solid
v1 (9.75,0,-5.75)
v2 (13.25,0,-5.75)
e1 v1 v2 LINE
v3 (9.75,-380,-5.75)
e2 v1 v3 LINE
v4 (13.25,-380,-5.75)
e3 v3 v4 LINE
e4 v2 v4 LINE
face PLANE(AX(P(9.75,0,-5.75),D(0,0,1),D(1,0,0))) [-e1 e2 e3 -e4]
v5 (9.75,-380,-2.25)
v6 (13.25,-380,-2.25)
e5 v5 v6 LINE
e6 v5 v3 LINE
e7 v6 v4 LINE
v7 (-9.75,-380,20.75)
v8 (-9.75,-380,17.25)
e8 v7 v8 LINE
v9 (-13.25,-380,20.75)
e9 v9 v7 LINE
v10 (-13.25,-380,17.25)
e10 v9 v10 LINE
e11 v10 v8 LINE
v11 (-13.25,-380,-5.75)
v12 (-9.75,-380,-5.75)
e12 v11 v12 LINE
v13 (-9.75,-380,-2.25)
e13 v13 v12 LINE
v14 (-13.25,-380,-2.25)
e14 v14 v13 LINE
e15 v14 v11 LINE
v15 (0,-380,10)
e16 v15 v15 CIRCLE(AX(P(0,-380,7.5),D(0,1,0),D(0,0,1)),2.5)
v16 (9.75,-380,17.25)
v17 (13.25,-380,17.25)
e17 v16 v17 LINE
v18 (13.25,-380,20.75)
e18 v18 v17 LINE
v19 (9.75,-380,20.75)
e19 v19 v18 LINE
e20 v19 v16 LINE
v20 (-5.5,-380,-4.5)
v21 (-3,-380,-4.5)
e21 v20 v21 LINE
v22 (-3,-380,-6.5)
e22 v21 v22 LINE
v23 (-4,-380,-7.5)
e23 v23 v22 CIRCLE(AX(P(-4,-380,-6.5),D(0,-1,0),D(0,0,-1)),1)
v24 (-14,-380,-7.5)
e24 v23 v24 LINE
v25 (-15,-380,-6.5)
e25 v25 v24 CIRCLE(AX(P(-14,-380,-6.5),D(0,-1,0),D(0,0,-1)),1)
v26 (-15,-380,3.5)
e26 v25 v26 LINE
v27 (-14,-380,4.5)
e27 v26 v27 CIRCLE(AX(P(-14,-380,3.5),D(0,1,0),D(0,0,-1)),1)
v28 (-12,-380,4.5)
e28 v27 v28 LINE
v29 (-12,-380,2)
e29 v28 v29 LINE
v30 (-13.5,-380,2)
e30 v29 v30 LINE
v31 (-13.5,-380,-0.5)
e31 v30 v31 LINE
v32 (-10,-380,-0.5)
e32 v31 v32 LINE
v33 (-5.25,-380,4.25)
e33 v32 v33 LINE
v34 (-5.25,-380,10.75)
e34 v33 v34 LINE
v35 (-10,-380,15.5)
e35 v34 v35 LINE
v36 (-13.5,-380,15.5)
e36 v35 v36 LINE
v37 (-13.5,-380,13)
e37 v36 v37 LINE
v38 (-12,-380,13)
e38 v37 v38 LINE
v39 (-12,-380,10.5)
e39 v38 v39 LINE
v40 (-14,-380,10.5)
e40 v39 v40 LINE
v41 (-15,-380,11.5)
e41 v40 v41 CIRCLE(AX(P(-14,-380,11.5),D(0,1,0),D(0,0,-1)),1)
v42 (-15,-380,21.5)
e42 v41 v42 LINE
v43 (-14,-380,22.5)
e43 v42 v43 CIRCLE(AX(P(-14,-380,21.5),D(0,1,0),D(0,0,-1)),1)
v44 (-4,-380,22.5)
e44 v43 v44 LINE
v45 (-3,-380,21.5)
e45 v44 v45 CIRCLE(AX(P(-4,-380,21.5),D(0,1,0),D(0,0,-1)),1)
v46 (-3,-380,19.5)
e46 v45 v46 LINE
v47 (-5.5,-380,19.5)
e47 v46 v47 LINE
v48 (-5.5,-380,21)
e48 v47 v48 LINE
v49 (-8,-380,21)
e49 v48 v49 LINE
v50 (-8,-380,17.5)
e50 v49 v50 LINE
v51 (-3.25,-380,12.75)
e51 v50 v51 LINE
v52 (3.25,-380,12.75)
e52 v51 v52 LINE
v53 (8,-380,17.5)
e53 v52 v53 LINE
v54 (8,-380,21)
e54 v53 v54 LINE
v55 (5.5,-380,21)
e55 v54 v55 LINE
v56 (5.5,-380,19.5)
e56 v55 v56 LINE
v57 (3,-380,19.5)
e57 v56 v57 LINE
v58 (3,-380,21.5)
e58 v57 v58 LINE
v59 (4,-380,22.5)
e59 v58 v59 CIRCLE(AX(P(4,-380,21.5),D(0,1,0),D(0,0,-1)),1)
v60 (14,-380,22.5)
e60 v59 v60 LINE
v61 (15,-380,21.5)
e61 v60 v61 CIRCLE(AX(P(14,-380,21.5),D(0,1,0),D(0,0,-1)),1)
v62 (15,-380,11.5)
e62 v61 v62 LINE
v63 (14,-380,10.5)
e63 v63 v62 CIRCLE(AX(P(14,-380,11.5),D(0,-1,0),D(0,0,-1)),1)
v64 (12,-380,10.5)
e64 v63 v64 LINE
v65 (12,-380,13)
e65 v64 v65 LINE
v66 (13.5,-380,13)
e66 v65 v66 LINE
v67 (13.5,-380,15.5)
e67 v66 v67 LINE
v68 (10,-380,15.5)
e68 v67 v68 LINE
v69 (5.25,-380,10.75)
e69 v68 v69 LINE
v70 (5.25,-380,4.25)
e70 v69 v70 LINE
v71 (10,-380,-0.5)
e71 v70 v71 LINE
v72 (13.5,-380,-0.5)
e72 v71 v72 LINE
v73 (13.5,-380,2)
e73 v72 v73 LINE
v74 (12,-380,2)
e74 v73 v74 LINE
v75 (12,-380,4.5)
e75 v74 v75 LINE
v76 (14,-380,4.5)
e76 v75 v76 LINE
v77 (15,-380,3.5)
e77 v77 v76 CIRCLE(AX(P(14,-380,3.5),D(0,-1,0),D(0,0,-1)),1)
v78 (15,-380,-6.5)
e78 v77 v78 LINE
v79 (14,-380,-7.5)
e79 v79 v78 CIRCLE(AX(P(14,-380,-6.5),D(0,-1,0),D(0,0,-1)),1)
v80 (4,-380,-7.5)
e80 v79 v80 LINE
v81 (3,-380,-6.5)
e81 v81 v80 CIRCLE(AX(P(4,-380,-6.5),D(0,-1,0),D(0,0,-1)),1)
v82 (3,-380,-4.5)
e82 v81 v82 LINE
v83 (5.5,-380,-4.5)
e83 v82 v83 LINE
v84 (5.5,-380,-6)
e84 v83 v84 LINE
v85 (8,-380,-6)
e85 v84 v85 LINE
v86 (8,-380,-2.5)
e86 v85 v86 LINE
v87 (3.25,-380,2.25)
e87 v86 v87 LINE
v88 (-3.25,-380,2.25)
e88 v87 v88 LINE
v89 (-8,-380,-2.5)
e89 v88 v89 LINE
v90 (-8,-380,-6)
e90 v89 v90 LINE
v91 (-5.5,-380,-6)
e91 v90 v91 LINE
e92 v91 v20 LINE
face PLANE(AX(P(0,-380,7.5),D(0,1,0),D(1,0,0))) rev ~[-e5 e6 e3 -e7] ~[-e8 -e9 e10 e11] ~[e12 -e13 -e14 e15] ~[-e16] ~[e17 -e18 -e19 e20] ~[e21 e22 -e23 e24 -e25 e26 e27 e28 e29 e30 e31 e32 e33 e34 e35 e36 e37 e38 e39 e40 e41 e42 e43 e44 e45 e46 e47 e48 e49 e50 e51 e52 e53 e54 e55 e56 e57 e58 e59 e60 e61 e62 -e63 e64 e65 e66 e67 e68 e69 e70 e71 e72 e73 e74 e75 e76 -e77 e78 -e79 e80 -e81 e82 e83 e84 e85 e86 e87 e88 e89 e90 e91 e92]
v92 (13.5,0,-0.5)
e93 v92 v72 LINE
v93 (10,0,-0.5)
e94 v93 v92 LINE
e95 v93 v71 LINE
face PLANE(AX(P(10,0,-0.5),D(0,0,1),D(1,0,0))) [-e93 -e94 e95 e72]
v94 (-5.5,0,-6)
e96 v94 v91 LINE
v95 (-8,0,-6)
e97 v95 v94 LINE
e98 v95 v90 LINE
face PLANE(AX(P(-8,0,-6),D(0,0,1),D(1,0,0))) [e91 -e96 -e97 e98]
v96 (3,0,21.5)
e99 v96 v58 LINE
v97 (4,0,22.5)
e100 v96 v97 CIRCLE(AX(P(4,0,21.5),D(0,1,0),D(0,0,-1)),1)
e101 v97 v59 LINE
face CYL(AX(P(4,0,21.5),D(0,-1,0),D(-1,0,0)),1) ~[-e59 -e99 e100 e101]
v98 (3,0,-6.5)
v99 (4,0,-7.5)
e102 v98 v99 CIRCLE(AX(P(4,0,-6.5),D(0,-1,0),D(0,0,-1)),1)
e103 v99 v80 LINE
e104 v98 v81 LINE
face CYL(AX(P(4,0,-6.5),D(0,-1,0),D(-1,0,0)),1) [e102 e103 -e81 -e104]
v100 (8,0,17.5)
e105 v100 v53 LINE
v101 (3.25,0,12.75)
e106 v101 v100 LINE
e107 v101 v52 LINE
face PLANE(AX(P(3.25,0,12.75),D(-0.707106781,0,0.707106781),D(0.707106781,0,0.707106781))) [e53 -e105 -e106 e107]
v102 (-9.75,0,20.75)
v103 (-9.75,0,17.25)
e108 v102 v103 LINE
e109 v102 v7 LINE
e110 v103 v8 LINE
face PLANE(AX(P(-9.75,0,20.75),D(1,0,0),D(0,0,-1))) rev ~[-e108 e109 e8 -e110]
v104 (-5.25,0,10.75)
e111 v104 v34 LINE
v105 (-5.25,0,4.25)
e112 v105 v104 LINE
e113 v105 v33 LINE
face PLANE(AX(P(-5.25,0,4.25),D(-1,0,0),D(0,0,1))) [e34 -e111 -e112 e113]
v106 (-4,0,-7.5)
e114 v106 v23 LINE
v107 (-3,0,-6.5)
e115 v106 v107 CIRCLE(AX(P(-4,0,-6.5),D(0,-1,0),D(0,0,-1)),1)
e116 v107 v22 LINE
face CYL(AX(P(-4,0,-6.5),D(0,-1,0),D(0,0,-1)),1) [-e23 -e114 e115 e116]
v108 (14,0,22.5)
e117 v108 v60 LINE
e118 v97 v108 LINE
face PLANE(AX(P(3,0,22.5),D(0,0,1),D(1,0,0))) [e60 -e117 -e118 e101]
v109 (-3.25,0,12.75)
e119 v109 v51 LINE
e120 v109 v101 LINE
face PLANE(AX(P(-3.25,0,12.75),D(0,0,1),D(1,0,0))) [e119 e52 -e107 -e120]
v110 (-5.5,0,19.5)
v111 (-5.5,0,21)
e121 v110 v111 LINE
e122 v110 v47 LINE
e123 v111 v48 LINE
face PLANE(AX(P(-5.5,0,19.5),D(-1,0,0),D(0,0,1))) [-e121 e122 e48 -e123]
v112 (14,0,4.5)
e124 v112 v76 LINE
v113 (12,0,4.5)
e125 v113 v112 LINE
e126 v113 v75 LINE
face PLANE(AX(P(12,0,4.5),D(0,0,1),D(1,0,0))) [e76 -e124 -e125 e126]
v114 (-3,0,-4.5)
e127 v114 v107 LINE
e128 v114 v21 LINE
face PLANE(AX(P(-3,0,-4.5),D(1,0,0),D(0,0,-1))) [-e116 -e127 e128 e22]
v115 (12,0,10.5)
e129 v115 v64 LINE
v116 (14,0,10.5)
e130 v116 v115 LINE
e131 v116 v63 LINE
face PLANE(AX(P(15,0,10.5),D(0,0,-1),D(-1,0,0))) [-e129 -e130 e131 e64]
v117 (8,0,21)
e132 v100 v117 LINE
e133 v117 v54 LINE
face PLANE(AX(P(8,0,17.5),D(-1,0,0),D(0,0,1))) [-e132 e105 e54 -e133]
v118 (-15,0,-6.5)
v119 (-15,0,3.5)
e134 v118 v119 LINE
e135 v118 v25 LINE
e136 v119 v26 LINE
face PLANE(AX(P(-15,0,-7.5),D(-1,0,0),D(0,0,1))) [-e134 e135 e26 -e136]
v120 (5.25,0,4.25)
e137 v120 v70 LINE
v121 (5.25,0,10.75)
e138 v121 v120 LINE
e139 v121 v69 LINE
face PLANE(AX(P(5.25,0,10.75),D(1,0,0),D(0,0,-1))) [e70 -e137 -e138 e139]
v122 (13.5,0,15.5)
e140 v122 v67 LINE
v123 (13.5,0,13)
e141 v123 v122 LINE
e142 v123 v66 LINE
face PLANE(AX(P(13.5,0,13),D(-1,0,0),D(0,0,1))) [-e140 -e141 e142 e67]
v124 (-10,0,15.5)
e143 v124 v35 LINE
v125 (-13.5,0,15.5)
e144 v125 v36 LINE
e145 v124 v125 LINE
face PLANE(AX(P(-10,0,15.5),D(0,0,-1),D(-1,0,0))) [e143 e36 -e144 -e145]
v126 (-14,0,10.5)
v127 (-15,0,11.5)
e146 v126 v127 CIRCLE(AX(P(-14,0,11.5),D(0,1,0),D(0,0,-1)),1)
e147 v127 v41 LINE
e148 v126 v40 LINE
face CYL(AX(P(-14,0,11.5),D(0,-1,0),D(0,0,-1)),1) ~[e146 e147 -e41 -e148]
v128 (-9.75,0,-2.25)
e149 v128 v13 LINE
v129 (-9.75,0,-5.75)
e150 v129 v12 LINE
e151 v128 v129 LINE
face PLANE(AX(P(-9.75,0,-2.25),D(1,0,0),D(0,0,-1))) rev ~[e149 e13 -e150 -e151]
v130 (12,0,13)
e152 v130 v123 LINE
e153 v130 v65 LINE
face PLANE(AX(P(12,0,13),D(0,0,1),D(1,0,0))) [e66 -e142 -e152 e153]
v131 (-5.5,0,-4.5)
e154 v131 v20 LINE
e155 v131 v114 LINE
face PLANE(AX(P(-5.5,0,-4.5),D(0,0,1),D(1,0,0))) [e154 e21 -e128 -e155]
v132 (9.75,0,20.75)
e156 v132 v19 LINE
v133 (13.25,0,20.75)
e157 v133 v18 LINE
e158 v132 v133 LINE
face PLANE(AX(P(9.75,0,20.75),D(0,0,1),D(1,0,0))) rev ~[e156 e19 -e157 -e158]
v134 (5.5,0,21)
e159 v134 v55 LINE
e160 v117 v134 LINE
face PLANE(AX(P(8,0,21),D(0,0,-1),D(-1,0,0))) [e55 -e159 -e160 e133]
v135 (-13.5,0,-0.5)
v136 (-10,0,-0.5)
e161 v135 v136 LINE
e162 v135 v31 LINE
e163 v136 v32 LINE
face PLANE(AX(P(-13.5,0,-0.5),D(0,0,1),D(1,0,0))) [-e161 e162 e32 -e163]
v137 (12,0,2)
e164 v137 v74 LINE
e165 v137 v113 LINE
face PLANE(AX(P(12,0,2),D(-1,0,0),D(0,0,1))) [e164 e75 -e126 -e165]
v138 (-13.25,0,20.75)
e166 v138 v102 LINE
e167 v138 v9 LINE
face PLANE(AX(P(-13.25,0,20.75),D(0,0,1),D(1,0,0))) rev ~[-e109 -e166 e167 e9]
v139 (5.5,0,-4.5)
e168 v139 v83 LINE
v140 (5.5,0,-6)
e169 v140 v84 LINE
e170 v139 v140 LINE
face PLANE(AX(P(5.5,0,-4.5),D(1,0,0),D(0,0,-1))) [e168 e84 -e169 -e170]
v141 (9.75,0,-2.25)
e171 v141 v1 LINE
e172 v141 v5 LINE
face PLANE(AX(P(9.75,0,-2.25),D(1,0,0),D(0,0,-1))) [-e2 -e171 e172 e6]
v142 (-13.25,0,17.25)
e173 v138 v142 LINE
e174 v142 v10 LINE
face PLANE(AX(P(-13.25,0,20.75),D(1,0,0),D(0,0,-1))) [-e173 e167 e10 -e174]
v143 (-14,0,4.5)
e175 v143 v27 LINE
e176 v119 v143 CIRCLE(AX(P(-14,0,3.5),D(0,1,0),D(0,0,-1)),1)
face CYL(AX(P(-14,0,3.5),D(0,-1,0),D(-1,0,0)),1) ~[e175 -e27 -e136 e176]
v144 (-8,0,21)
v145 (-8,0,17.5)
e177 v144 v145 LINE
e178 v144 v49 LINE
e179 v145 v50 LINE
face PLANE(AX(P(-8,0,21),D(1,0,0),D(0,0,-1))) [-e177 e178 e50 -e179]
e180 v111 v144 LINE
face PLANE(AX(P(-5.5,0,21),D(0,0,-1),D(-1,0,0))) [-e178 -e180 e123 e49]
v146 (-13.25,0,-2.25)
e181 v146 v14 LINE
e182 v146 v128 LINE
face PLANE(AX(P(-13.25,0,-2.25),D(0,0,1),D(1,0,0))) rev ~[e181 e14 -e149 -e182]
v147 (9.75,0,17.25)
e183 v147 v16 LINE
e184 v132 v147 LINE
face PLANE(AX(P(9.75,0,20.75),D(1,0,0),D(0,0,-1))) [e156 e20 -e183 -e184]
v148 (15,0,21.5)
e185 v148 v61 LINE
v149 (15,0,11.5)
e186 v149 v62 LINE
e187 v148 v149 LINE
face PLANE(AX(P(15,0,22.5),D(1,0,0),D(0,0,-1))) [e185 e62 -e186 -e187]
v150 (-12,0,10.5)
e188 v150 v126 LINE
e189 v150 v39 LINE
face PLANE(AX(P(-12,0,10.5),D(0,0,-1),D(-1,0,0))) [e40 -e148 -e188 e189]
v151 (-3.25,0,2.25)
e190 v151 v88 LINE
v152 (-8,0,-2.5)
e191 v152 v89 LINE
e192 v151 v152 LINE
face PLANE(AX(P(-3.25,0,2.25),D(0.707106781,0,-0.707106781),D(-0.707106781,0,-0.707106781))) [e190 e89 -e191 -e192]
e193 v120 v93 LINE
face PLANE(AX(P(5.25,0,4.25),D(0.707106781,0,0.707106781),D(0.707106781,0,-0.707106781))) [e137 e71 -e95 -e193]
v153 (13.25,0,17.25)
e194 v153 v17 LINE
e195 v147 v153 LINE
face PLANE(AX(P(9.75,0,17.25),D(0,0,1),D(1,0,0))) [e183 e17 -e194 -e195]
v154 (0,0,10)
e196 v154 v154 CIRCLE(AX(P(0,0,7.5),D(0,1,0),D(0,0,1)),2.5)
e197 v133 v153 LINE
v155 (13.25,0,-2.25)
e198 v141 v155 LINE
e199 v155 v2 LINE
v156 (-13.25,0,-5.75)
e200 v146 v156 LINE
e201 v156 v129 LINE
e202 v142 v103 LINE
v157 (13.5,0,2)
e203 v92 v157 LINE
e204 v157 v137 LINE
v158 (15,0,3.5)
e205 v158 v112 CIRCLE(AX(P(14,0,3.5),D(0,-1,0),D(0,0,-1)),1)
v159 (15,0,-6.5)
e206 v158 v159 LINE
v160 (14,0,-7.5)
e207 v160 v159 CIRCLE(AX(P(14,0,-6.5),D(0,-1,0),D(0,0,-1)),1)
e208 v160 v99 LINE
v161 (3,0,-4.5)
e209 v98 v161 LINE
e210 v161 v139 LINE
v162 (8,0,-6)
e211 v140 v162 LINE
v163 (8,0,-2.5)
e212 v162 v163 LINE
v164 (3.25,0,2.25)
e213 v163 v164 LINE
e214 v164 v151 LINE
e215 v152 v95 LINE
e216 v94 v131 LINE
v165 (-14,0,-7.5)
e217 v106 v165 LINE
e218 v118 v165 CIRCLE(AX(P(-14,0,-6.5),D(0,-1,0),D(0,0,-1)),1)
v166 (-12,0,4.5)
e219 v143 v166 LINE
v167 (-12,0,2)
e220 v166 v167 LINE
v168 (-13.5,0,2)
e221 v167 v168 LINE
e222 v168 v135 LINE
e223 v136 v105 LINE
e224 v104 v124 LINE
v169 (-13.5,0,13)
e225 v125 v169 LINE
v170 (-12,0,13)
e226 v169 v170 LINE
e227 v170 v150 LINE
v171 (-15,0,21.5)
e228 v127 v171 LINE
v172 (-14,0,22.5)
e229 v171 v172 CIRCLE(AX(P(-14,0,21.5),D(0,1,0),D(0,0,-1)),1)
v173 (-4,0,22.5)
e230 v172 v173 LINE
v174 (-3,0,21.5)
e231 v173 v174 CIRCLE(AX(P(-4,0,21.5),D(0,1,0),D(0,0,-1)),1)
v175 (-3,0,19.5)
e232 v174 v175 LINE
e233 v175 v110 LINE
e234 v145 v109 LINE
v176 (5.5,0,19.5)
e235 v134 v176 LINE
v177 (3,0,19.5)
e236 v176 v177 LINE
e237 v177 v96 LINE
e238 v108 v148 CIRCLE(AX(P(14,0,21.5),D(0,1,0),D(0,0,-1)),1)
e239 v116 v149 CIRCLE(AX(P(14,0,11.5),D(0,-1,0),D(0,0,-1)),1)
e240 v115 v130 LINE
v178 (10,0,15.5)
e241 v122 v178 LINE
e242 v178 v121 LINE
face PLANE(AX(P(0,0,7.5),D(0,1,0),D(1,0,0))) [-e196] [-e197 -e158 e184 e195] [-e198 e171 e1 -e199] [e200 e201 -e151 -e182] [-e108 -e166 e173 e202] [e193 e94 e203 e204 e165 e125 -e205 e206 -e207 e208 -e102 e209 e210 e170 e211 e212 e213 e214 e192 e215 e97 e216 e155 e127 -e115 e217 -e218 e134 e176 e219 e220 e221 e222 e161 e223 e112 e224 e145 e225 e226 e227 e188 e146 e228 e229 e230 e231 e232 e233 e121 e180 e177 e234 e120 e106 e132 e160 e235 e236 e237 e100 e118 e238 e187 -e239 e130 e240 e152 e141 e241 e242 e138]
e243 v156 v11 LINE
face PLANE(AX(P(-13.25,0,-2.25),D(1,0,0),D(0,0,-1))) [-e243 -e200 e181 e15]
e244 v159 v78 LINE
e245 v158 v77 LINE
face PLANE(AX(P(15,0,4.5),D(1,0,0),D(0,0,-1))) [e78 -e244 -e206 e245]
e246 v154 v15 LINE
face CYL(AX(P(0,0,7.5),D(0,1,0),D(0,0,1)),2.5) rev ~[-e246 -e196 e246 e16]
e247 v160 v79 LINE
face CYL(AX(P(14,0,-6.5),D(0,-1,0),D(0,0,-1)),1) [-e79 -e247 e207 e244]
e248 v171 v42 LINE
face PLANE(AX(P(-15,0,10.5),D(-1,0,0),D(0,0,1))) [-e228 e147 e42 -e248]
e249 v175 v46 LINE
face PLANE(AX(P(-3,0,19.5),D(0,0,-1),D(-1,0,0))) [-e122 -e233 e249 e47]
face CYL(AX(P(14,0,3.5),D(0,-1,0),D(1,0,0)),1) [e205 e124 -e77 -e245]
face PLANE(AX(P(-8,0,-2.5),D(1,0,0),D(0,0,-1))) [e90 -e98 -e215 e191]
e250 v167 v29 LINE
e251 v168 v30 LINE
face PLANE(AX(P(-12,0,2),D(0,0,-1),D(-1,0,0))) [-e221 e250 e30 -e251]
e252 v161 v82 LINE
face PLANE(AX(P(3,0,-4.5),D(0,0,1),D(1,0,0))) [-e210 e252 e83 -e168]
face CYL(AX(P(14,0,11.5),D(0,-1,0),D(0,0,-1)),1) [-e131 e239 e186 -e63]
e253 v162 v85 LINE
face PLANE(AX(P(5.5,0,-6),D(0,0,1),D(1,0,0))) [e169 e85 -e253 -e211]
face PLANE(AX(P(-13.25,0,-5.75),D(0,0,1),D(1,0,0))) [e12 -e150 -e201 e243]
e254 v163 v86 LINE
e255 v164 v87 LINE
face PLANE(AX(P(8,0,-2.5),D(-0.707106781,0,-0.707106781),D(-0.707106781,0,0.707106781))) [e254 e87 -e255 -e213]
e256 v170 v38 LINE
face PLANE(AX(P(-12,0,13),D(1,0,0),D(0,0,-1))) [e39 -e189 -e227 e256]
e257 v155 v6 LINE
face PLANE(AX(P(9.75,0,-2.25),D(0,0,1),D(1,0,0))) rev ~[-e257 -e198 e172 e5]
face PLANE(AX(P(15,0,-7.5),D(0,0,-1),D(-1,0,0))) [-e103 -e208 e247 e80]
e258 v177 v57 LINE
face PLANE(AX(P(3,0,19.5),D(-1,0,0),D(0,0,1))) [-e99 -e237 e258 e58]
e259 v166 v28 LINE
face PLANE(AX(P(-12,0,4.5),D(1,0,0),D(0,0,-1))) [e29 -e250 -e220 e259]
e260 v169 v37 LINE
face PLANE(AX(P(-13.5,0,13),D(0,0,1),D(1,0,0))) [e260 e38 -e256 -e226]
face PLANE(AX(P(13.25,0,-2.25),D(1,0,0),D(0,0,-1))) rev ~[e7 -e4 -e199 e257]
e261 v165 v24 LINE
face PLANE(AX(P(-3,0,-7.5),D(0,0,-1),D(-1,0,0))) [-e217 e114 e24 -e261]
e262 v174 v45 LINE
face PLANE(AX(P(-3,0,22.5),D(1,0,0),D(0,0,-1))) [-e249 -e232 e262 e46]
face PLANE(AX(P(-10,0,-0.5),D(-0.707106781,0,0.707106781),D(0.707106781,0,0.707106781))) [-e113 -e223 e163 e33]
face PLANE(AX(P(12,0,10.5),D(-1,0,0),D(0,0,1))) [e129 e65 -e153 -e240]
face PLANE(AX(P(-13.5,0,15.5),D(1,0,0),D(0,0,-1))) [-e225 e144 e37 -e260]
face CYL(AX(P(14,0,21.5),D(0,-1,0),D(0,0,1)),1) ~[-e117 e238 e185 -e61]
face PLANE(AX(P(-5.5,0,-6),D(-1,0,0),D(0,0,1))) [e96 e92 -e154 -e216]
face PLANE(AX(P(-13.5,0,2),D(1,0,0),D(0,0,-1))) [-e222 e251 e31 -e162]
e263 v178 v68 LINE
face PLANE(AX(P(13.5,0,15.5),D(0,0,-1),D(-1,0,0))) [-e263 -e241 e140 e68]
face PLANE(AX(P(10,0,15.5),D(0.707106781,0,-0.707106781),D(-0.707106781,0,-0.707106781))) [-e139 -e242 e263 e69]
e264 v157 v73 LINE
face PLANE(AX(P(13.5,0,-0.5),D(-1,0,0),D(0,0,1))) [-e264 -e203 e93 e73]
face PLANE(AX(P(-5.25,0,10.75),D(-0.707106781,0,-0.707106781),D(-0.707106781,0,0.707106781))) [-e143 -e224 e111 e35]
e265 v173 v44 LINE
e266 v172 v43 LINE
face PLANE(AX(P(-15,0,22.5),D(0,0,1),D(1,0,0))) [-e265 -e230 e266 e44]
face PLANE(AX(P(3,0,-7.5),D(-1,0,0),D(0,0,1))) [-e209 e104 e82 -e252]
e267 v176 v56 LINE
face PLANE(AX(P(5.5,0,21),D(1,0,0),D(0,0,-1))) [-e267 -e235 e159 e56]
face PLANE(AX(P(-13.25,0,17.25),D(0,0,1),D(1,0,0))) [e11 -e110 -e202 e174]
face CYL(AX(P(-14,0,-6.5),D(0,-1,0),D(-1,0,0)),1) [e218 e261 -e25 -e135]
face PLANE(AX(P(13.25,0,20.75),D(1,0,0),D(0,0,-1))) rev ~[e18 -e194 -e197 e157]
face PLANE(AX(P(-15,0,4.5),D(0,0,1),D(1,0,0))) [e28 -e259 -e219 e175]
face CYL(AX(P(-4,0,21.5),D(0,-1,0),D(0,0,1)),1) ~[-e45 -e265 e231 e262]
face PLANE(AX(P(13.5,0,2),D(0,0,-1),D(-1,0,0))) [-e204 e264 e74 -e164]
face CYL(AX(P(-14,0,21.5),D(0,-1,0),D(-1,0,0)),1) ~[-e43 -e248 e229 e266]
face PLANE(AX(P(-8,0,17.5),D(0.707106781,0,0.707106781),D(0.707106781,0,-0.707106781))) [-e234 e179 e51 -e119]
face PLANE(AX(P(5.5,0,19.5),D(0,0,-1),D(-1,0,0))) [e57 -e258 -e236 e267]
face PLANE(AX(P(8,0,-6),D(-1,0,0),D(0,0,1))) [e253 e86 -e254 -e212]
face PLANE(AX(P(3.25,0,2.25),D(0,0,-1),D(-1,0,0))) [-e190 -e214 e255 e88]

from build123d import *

# Parameters (mm, degrees)
SKETCH1_R           = 2.5
SKETCH1_W           = 3.5
SKETCH1_H           = 3.5
BOSS_EXTRUDE1_DEPTH = 380
FILLET1_R           = 1


with BuildPart() as part:
    # Sketch1 → Boss-Extrude1 (new body)
    with BuildSketch(Plane(origin=(0, 0, 0), x_dir=(1, 0, 0), z_dir=(0, 1, 0))):
        Polygon((-15, 7.5), (-15, -4.5), (-12, -4.5), (-12, -2), (-13.5, -2), (-13.5, 0.5), (-10, 0.5), (-5.25, -4.25), (-5.25, -10.75), (-10, -15.5), (-13.5, -15.5), (-13.5, -13), (-12, -13), (-12, -10.5), (-15, -10.5), (-15, -22.5), (-3, -22.5), (-3, -19.5), (-5.5, -19.5), (-5.5, -21), (-8, -21), (-8, -17.5), (-3.25, -12.75), (3.25, -12.75), (8, -17.5), (8, -21), (5.5, -21), (5.5, -19.5), (3, -19.5), (3, -22.5), (15, -22.5), (15, -10.5), (12, -10.5), (12, -13), (13.5, -13), (13.5, -15.5), (10, -15.5), (5.25, -10.75), (5.25, -4.25), (10, 0.5), (13.5, 0.5), (13.5, -2), (12, -2), (12, -4.5), (15, -4.5), (15, 7.5), (3, 7.5), (3, 4.5), (5.5, 4.5), (5.5, 6), (8, 6), (8, 2.5), (3.25, -2.25), (-3.25, -2.25), (-8, 2.5), (-8, 6), (-5.5, 6), (-5.5, 4.5), (-3, 4.5), (-3, 7.5), align=None)
        with Locations(Location((0, -7.5, 0), (0, 0, 270))):
            Circle(SKETCH1_R, mode=Mode.SUBTRACT)
        with Locations((-11.5, 4)):
            Rectangle(SKETCH1_W, SKETCH1_H, mode=Mode.SUBTRACT)
        with Locations((11.5, 4)):
            Rectangle(SKETCH1_W, SKETCH1_H, mode=Mode.SUBTRACT)
        with Locations((11.5, -19)):
            Rectangle(SKETCH1_W, SKETCH1_H, mode=Mode.SUBTRACT)
        with Locations((-11.5, -19)):
            Rectangle(SKETCH1_W, SKETCH1_H, mode=Mode.SUBTRACT)
    extrude(amount=-BOSS_EXTRUDE1_DEPTH)

    # Fillet1
    fillet1_edges = [part.edges().sort_by_distance(p)[0] for p in [
        (15, -190, 10.5),
        (15, -190, 22.5),
        (3, -190, 22.5),
        (-3, -190, 22.5),
        (-15, -190, 22.5),
        (-15, -190, 10.5),
        (-15, -190, 4.5),
        (-15, -190, -7.5),
        (-3, -190, -7.5),
        (3, -190, -7.5),
        (15, -190, -7.5),
        (15, -190, 4.5),
    ]]
    fillet(fillet1_edges, radius=FILLET1_R)


solid = part.part
